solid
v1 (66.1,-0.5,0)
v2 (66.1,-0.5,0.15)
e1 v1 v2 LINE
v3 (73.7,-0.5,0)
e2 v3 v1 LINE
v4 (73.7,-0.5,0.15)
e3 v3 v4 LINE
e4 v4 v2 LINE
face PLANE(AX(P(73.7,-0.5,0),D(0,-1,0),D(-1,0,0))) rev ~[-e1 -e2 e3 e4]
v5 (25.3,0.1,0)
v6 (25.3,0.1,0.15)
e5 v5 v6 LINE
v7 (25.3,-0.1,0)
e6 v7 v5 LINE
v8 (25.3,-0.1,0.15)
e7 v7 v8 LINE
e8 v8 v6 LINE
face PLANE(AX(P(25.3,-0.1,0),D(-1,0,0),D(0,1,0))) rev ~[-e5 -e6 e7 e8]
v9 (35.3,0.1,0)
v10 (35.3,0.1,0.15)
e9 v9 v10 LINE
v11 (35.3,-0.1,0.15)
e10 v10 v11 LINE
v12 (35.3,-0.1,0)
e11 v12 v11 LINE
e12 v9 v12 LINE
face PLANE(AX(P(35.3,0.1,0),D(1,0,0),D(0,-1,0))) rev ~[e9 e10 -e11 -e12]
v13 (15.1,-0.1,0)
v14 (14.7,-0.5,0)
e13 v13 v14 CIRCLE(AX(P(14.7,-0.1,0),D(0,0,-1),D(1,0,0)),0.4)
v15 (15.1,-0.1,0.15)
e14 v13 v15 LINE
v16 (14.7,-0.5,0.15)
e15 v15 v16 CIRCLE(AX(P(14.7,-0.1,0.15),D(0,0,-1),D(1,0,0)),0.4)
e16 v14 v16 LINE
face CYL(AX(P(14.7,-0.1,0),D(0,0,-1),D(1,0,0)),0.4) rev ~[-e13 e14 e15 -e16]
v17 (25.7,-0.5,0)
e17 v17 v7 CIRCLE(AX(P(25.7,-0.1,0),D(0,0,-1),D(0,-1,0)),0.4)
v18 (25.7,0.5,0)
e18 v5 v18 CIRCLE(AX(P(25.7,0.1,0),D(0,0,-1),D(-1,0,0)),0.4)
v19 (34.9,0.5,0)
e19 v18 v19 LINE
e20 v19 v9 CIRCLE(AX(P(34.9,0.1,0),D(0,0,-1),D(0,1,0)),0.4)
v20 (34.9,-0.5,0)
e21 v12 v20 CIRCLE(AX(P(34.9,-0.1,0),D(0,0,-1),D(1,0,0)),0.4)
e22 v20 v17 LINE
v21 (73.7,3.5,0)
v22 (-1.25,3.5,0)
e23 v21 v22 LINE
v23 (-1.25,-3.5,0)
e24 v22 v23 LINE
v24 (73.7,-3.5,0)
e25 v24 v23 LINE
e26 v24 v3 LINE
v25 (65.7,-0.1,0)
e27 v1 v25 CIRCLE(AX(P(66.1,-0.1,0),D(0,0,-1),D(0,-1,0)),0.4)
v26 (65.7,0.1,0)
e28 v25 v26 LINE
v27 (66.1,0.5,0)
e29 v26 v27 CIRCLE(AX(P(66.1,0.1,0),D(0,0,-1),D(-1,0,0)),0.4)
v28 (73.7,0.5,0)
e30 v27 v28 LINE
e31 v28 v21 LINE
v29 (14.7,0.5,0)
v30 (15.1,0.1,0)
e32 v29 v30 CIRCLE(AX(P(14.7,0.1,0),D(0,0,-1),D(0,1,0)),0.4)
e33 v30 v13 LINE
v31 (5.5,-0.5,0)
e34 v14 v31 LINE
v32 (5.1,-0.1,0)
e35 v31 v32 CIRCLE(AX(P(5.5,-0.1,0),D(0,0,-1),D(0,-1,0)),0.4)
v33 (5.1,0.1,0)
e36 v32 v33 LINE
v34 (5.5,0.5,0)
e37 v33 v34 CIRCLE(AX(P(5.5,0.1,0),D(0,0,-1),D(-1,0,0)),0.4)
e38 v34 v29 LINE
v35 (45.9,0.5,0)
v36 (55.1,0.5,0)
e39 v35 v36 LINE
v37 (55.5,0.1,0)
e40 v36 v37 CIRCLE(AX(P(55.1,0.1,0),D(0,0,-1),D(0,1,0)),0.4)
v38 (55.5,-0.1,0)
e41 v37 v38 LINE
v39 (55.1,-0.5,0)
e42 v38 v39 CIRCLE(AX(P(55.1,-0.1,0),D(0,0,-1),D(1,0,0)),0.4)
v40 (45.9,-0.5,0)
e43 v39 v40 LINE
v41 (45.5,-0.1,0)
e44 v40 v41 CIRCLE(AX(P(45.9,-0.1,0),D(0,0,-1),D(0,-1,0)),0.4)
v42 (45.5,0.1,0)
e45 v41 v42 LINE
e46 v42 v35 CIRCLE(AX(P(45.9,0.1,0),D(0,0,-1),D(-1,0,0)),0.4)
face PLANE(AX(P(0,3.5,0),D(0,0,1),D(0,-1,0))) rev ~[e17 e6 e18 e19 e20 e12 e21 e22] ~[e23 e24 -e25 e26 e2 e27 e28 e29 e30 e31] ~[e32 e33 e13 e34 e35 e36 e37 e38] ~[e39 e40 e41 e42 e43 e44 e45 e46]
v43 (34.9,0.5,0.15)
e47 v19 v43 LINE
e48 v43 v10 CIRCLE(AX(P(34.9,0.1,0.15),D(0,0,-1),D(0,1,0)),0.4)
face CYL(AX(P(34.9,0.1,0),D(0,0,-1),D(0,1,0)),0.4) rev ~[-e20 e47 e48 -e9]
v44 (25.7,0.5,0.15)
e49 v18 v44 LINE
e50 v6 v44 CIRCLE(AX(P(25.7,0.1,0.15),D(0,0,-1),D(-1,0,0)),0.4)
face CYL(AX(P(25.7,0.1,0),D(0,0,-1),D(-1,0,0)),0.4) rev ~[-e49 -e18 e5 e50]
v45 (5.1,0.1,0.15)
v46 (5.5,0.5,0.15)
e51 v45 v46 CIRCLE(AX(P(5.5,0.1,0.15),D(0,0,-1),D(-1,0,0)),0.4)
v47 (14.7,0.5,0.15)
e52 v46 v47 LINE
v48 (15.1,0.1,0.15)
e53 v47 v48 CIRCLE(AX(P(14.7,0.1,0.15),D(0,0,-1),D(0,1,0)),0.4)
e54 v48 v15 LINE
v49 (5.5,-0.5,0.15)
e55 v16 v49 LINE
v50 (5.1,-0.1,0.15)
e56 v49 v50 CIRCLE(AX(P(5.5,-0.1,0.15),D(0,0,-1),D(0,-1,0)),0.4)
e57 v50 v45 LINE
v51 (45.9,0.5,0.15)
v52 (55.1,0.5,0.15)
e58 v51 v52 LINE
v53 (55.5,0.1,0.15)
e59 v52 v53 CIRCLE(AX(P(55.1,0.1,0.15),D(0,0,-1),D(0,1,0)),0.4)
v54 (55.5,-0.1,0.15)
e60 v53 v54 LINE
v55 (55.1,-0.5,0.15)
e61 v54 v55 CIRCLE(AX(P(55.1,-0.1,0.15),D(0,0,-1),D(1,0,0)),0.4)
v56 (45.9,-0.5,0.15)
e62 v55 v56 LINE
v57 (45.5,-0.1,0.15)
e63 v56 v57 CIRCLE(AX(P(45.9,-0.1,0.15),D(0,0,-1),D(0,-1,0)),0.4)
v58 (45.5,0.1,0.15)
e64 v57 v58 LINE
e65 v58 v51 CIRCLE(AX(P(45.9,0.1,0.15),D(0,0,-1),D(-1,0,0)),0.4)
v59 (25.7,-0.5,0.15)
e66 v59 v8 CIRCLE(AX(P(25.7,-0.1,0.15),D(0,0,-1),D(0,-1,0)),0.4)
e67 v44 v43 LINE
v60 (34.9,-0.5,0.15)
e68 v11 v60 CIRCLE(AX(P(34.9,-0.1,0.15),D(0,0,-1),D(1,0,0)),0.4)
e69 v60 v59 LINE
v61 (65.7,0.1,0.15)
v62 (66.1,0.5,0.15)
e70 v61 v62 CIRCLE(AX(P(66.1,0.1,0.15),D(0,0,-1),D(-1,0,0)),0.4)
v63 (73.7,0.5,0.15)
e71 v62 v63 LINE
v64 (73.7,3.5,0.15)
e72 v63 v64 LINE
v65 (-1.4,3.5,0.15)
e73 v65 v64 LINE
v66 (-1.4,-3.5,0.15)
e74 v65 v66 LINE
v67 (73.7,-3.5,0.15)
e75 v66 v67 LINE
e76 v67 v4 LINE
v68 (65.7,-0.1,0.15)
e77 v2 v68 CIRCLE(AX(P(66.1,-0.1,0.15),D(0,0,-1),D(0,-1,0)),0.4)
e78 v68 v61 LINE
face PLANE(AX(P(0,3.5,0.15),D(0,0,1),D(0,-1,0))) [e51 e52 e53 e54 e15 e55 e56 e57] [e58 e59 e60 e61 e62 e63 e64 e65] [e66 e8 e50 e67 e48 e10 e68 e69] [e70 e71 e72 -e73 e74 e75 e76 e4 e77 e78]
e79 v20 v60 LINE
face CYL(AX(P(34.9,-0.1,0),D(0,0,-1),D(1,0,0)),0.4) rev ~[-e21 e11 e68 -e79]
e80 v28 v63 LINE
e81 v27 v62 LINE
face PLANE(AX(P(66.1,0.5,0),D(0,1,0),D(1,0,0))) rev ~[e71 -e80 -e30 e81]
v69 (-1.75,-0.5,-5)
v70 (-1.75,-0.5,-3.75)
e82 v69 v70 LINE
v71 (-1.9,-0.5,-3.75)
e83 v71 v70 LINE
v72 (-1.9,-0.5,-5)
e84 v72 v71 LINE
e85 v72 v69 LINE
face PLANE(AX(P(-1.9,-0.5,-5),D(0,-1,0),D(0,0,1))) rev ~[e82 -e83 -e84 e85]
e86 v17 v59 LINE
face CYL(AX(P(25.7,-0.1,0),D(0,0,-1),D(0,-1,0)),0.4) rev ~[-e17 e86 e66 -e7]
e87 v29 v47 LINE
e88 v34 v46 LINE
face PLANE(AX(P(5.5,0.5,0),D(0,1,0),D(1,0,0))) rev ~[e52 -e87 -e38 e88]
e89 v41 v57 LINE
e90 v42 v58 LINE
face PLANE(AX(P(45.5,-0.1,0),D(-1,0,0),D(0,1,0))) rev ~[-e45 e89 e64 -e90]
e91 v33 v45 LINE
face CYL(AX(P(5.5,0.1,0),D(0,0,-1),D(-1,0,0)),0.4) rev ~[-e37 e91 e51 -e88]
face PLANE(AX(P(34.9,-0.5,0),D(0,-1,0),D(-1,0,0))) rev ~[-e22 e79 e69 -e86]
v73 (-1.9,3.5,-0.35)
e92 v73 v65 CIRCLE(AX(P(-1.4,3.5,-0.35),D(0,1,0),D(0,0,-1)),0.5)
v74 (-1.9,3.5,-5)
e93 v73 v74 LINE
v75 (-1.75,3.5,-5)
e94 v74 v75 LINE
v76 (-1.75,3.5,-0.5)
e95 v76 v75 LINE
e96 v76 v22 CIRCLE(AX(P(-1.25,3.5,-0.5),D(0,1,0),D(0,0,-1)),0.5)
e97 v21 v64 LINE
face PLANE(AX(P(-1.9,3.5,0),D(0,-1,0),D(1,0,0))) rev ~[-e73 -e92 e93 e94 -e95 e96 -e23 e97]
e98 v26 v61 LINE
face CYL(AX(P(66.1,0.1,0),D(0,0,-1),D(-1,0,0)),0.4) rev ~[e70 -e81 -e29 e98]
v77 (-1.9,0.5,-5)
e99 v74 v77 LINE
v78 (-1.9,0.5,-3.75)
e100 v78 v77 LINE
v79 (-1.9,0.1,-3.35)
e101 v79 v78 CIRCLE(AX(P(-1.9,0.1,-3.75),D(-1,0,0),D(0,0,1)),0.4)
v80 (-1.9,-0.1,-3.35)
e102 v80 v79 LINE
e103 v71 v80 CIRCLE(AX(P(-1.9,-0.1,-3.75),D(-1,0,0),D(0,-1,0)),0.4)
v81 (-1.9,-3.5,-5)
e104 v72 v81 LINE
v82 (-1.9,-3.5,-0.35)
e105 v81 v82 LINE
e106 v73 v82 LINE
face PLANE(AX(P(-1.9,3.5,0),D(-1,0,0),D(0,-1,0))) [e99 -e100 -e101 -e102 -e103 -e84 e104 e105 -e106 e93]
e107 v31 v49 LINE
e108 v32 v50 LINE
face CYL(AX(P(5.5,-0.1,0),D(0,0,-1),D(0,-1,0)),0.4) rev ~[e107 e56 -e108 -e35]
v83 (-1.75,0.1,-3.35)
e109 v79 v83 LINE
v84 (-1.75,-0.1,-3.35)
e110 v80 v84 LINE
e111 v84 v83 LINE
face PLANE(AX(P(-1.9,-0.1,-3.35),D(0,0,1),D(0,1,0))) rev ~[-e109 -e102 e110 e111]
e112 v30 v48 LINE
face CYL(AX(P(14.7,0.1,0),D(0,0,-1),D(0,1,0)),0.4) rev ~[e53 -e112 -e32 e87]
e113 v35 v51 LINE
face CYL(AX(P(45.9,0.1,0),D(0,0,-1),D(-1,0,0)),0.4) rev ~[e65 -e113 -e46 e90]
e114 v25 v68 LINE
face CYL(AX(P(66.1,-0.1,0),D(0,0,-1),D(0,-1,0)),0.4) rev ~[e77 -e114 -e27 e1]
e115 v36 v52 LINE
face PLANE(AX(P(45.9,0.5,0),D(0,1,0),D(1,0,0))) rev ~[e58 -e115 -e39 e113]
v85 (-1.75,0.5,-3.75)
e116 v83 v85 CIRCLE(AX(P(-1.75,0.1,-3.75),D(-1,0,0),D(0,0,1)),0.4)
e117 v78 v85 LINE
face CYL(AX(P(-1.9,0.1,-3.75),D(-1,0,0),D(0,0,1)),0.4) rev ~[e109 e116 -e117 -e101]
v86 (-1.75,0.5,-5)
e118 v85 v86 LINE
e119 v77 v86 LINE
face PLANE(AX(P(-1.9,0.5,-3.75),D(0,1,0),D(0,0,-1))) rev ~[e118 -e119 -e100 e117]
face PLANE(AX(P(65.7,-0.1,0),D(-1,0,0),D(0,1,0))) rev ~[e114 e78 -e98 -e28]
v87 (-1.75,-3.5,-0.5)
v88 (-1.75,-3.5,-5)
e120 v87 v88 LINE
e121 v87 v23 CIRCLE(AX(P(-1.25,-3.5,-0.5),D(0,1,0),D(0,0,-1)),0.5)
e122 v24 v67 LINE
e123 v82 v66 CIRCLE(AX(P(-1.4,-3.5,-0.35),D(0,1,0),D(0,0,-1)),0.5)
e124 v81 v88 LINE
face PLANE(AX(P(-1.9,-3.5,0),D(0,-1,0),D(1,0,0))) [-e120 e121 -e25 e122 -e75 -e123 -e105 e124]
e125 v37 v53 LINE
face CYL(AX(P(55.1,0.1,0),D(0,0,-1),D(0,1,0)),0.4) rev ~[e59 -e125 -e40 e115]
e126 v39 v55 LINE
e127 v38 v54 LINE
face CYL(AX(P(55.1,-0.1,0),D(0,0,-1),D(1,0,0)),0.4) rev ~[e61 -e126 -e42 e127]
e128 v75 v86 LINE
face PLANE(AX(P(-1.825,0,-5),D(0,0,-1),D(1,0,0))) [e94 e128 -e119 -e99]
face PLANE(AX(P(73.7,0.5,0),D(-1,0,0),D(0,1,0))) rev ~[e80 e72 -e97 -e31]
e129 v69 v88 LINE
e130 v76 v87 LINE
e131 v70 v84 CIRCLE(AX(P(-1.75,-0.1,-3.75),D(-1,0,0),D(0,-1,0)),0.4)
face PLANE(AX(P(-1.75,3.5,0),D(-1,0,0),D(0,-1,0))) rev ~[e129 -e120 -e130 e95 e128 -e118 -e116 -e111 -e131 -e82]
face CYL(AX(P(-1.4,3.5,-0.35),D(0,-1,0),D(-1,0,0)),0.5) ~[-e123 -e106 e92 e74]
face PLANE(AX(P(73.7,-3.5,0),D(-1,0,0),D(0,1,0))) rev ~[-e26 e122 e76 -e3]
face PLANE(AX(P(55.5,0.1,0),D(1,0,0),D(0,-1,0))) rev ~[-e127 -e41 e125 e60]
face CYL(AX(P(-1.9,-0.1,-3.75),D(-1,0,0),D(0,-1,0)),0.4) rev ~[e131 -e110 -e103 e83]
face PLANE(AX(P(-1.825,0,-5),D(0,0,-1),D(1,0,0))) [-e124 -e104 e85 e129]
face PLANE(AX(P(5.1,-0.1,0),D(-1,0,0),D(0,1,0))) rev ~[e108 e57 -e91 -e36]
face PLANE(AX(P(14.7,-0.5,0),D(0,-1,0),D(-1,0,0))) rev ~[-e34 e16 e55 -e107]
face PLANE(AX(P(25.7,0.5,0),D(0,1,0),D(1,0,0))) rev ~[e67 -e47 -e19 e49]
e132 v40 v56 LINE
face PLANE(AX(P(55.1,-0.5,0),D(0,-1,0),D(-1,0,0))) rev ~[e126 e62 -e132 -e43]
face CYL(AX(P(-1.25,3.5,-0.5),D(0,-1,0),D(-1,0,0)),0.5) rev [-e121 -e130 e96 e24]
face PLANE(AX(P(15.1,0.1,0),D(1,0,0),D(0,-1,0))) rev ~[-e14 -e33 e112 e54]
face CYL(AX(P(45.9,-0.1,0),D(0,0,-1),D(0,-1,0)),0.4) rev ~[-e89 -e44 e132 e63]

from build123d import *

# Parameters (mm, degrees)
F0_W     = 3
F0_H     = 3
F1_DEPTH = 0.15
F2_DEPTH = 1.9
F3_W     = 0.15
F3_H     = 7
F4_DEPTH = 5
F6_DEPTH = 25
F7_R     = 0.5


with BuildPart() as f1:
    # F0 (on Top) → F1 (new body)
    with BuildSketch(Plane.XY):
        with Locations((72.2, 2)):
            Rectangle(F0_W, F0_H)
        with BuildLine():
            Line((10.1, -0.5), (10.1, -3.5))
            Line((10.1, -3.5), (20.2, -3.5))
            Line((20.2, -3.5), (30.3, -3.5))
            Line((30.3, -3.5), (30.3, -0.5))
            Line((30.3, -0.5), (25.7, -0.5))
            ThreePointArc((25.7, -0.5), (25.4171572875, -0.3828427125), (25.3, -0.1))
            Line((25.3, -0.1), (25.3, 0.1))
            ThreePointArc((25.3, 0.1), (25.4171572875, 0.3828427125), (25.7, 0.5))
            Line((25.7, 0.5), (30.3, 0.5))
            Line((30.3, 0.5), (30.3, 3.5))
            Line((30.3, 3.5), (20.2, 3.5))
            Line((20.2, 3.5), (10.1, 3.5))
            Line((10.1, 3.5), (10.1, 0.5))
            Line((10.1, 0.5), (14.7, 0.5))
            ThreePointArc((14.7, 0.5), (14.9828427125, 0.3828427125), (15.1, 0.1))
            Line((15.1, 0.1), (15.1, -0.1))
            ThreePointArc((15.1, -0.1), (14.9828427125, -0.3828427125), (14.7, -0.5))
            Line((14.7, -0.5), (10.1, -0.5))
        make_face()
        with BuildLine():
            Line((30.3, -0.5), (30.3, -3.5))
            Line((30.3, -3.5), (40.4, -3.5))
            Line((40.4, -3.5), (50.5, -3.5))
            Line((50.5, -3.5), (50.5, -0.5))
            Line((50.5, -0.5), (45.9, -0.5))
            ThreePointArc((45.9, -0.5), (45.6171572875, -0.3828427125), (45.5, -0.1))
            Line((45.5, -0.1), (45.5, 0.1))
            ThreePointArc((45.5, 0.1), (45.6171572875, 0.3828427125), (45.9, 0.5))
            Line((45.9, 0.5), (50.5, 0.5))
            Line((50.5, 0.5), (50.5, 3.5))
            Line((50.5, 3.5), (40.4, 3.5))
            Line((40.4, 3.5), (30.3, 3.5))
            Line((30.3, 3.5), (30.3, 0.5))
            Line((30.3, 0.5), (34.9, 0.5))
            ThreePointArc((34.9, 0.5), (35.1828427125, 0.3828427125), (35.3, 0.1))
            Line((35.3, 0.1), (35.3, -0.1))
            ThreePointArc((35.3, -0.1), (35.1828427125, -0.3828427125), (34.9, -0.5))
            Line((34.9, -0.5), (30.3, -0.5))
        make_face()
        with BuildLine():
            Line((50.5, -0.5), (50.5, -3.5))
            Line((50.5, -3.5), (60.6, -3.5))
            Line((60.6, -3.5), (70.7, -3.5))
            Line((70.7, -3.5), (70.7, -0.5))
            Line((70.7, -0.5), (66.1, -0.5))
            ThreePointArc((66.1, -0.5), (65.8171572875, -0.3828427125), (65.7, -0.1))
            Line((65.7, -0.1), (65.7, 0.1))
            ThreePointArc((65.7, 0.1), (65.8171572875, 0.3828427125), (66.1, 0.5))
            Line((66.1, 0.5), (70.7, 0.5))
            Line((70.7, 0.5), (70.7, 3.5))
            Line((70.7, 3.5), (60.6, 3.5))
            Line((60.6, 3.5), (50.5, 3.5))
            Line((50.5, 3.5), (50.5, 0.5))
            Line((50.5, 0.5), (55.1, 0.5))
            ThreePointArc((55.1, 0.5), (55.3828427125, 0.3828427125), (55.5, 0.1))
            Line((55.5, 0.1), (55.5, -0.1))
            ThreePointArc((55.5, -0.1), (55.3828427125, -0.3828427125), (55.1, -0.5))
            Line((55.1, -0.5), (50.5, -0.5))
        make_face()
        with BuildLine():
            Line((0, 3.5), (0, -3.5))
            Line((0, -3.5), (10.1, -3.5))
            Line((10.1, -3.5), (10.1, -0.5))
            Line((10.1, -0.5), (5.5, -0.5))
            ThreePointArc((5.5, -0.5), (5.2171572875, -0.3828427125), (5.1, -0.1))
            Line((5.1, -0.1), (5.1, 0.1))
            ThreePointArc((5.1, 0.1), (5.2171572875, 0.3828427125), (5.5, 0.5))
            Line((5.5, 0.5), (10.1, 0.5))
            Line((10.1, 0.5), (10.1, 3.5))
            Line((10.1, 3.5), (0, 3.5))
        make_face()
        with Locations((72.2, -2)):
            Rectangle(F0_W, F0_H)
    extrude(amount=F1_DEPTH)

    # F2 (add): a face of the model
    f2_faces = [f1.faces().sort_by_distance(p)[0] for p in [
        (0, 0, 0.075),
    ]]
    extrude(f2_faces, amount=F2_DEPTH)

    # F3 (on face) → F4 (join)
    with BuildSketch(Plane(origin=(0, 0, 0), x_dir=(1, 0, 0), z_dir=(0, 0, -1))):
        with Locations((-1.825, 0)):
            Rectangle(F3_W, F3_H)
    extrude(amount=F4_DEPTH)

    # F5 (on face) → F6 (cut)
    with BuildSketch(Plane(origin=(-1.9, 0, 0), x_dir=(0, -1, 0), z_dir=(-1, 0, 0))):
        with BuildLine():
            ThreePointArc((0.5, -3.75), (0.3828427125, -3.4671572875), (0.1, -3.35))
            Line((0.1, -3.35), (-0.1, -3.35))
            ThreePointArc((-0.1, -3.35), (-0.3828427125, -3.4671572875), (-0.5, -3.75))
            Line((-0.5, -3.75), (-0.5, -5))
            Line((-0.5, -5), (0.5, -5))
            Line((0.5, -5), (0.5, -3.75))
        make_face()
    extrude(amount=-F6_DEPTH, mode=Mode.SUBTRACT)

    # F7
    f7_edges = [f1.edges().sort_by_distance(p)[0] for p in [
        (-1.9, 0, 0.15),
        (-1.75, 0, 0),
    ]]
    fillet(f7_edges, radius=F7_R)


solid = f1.part
